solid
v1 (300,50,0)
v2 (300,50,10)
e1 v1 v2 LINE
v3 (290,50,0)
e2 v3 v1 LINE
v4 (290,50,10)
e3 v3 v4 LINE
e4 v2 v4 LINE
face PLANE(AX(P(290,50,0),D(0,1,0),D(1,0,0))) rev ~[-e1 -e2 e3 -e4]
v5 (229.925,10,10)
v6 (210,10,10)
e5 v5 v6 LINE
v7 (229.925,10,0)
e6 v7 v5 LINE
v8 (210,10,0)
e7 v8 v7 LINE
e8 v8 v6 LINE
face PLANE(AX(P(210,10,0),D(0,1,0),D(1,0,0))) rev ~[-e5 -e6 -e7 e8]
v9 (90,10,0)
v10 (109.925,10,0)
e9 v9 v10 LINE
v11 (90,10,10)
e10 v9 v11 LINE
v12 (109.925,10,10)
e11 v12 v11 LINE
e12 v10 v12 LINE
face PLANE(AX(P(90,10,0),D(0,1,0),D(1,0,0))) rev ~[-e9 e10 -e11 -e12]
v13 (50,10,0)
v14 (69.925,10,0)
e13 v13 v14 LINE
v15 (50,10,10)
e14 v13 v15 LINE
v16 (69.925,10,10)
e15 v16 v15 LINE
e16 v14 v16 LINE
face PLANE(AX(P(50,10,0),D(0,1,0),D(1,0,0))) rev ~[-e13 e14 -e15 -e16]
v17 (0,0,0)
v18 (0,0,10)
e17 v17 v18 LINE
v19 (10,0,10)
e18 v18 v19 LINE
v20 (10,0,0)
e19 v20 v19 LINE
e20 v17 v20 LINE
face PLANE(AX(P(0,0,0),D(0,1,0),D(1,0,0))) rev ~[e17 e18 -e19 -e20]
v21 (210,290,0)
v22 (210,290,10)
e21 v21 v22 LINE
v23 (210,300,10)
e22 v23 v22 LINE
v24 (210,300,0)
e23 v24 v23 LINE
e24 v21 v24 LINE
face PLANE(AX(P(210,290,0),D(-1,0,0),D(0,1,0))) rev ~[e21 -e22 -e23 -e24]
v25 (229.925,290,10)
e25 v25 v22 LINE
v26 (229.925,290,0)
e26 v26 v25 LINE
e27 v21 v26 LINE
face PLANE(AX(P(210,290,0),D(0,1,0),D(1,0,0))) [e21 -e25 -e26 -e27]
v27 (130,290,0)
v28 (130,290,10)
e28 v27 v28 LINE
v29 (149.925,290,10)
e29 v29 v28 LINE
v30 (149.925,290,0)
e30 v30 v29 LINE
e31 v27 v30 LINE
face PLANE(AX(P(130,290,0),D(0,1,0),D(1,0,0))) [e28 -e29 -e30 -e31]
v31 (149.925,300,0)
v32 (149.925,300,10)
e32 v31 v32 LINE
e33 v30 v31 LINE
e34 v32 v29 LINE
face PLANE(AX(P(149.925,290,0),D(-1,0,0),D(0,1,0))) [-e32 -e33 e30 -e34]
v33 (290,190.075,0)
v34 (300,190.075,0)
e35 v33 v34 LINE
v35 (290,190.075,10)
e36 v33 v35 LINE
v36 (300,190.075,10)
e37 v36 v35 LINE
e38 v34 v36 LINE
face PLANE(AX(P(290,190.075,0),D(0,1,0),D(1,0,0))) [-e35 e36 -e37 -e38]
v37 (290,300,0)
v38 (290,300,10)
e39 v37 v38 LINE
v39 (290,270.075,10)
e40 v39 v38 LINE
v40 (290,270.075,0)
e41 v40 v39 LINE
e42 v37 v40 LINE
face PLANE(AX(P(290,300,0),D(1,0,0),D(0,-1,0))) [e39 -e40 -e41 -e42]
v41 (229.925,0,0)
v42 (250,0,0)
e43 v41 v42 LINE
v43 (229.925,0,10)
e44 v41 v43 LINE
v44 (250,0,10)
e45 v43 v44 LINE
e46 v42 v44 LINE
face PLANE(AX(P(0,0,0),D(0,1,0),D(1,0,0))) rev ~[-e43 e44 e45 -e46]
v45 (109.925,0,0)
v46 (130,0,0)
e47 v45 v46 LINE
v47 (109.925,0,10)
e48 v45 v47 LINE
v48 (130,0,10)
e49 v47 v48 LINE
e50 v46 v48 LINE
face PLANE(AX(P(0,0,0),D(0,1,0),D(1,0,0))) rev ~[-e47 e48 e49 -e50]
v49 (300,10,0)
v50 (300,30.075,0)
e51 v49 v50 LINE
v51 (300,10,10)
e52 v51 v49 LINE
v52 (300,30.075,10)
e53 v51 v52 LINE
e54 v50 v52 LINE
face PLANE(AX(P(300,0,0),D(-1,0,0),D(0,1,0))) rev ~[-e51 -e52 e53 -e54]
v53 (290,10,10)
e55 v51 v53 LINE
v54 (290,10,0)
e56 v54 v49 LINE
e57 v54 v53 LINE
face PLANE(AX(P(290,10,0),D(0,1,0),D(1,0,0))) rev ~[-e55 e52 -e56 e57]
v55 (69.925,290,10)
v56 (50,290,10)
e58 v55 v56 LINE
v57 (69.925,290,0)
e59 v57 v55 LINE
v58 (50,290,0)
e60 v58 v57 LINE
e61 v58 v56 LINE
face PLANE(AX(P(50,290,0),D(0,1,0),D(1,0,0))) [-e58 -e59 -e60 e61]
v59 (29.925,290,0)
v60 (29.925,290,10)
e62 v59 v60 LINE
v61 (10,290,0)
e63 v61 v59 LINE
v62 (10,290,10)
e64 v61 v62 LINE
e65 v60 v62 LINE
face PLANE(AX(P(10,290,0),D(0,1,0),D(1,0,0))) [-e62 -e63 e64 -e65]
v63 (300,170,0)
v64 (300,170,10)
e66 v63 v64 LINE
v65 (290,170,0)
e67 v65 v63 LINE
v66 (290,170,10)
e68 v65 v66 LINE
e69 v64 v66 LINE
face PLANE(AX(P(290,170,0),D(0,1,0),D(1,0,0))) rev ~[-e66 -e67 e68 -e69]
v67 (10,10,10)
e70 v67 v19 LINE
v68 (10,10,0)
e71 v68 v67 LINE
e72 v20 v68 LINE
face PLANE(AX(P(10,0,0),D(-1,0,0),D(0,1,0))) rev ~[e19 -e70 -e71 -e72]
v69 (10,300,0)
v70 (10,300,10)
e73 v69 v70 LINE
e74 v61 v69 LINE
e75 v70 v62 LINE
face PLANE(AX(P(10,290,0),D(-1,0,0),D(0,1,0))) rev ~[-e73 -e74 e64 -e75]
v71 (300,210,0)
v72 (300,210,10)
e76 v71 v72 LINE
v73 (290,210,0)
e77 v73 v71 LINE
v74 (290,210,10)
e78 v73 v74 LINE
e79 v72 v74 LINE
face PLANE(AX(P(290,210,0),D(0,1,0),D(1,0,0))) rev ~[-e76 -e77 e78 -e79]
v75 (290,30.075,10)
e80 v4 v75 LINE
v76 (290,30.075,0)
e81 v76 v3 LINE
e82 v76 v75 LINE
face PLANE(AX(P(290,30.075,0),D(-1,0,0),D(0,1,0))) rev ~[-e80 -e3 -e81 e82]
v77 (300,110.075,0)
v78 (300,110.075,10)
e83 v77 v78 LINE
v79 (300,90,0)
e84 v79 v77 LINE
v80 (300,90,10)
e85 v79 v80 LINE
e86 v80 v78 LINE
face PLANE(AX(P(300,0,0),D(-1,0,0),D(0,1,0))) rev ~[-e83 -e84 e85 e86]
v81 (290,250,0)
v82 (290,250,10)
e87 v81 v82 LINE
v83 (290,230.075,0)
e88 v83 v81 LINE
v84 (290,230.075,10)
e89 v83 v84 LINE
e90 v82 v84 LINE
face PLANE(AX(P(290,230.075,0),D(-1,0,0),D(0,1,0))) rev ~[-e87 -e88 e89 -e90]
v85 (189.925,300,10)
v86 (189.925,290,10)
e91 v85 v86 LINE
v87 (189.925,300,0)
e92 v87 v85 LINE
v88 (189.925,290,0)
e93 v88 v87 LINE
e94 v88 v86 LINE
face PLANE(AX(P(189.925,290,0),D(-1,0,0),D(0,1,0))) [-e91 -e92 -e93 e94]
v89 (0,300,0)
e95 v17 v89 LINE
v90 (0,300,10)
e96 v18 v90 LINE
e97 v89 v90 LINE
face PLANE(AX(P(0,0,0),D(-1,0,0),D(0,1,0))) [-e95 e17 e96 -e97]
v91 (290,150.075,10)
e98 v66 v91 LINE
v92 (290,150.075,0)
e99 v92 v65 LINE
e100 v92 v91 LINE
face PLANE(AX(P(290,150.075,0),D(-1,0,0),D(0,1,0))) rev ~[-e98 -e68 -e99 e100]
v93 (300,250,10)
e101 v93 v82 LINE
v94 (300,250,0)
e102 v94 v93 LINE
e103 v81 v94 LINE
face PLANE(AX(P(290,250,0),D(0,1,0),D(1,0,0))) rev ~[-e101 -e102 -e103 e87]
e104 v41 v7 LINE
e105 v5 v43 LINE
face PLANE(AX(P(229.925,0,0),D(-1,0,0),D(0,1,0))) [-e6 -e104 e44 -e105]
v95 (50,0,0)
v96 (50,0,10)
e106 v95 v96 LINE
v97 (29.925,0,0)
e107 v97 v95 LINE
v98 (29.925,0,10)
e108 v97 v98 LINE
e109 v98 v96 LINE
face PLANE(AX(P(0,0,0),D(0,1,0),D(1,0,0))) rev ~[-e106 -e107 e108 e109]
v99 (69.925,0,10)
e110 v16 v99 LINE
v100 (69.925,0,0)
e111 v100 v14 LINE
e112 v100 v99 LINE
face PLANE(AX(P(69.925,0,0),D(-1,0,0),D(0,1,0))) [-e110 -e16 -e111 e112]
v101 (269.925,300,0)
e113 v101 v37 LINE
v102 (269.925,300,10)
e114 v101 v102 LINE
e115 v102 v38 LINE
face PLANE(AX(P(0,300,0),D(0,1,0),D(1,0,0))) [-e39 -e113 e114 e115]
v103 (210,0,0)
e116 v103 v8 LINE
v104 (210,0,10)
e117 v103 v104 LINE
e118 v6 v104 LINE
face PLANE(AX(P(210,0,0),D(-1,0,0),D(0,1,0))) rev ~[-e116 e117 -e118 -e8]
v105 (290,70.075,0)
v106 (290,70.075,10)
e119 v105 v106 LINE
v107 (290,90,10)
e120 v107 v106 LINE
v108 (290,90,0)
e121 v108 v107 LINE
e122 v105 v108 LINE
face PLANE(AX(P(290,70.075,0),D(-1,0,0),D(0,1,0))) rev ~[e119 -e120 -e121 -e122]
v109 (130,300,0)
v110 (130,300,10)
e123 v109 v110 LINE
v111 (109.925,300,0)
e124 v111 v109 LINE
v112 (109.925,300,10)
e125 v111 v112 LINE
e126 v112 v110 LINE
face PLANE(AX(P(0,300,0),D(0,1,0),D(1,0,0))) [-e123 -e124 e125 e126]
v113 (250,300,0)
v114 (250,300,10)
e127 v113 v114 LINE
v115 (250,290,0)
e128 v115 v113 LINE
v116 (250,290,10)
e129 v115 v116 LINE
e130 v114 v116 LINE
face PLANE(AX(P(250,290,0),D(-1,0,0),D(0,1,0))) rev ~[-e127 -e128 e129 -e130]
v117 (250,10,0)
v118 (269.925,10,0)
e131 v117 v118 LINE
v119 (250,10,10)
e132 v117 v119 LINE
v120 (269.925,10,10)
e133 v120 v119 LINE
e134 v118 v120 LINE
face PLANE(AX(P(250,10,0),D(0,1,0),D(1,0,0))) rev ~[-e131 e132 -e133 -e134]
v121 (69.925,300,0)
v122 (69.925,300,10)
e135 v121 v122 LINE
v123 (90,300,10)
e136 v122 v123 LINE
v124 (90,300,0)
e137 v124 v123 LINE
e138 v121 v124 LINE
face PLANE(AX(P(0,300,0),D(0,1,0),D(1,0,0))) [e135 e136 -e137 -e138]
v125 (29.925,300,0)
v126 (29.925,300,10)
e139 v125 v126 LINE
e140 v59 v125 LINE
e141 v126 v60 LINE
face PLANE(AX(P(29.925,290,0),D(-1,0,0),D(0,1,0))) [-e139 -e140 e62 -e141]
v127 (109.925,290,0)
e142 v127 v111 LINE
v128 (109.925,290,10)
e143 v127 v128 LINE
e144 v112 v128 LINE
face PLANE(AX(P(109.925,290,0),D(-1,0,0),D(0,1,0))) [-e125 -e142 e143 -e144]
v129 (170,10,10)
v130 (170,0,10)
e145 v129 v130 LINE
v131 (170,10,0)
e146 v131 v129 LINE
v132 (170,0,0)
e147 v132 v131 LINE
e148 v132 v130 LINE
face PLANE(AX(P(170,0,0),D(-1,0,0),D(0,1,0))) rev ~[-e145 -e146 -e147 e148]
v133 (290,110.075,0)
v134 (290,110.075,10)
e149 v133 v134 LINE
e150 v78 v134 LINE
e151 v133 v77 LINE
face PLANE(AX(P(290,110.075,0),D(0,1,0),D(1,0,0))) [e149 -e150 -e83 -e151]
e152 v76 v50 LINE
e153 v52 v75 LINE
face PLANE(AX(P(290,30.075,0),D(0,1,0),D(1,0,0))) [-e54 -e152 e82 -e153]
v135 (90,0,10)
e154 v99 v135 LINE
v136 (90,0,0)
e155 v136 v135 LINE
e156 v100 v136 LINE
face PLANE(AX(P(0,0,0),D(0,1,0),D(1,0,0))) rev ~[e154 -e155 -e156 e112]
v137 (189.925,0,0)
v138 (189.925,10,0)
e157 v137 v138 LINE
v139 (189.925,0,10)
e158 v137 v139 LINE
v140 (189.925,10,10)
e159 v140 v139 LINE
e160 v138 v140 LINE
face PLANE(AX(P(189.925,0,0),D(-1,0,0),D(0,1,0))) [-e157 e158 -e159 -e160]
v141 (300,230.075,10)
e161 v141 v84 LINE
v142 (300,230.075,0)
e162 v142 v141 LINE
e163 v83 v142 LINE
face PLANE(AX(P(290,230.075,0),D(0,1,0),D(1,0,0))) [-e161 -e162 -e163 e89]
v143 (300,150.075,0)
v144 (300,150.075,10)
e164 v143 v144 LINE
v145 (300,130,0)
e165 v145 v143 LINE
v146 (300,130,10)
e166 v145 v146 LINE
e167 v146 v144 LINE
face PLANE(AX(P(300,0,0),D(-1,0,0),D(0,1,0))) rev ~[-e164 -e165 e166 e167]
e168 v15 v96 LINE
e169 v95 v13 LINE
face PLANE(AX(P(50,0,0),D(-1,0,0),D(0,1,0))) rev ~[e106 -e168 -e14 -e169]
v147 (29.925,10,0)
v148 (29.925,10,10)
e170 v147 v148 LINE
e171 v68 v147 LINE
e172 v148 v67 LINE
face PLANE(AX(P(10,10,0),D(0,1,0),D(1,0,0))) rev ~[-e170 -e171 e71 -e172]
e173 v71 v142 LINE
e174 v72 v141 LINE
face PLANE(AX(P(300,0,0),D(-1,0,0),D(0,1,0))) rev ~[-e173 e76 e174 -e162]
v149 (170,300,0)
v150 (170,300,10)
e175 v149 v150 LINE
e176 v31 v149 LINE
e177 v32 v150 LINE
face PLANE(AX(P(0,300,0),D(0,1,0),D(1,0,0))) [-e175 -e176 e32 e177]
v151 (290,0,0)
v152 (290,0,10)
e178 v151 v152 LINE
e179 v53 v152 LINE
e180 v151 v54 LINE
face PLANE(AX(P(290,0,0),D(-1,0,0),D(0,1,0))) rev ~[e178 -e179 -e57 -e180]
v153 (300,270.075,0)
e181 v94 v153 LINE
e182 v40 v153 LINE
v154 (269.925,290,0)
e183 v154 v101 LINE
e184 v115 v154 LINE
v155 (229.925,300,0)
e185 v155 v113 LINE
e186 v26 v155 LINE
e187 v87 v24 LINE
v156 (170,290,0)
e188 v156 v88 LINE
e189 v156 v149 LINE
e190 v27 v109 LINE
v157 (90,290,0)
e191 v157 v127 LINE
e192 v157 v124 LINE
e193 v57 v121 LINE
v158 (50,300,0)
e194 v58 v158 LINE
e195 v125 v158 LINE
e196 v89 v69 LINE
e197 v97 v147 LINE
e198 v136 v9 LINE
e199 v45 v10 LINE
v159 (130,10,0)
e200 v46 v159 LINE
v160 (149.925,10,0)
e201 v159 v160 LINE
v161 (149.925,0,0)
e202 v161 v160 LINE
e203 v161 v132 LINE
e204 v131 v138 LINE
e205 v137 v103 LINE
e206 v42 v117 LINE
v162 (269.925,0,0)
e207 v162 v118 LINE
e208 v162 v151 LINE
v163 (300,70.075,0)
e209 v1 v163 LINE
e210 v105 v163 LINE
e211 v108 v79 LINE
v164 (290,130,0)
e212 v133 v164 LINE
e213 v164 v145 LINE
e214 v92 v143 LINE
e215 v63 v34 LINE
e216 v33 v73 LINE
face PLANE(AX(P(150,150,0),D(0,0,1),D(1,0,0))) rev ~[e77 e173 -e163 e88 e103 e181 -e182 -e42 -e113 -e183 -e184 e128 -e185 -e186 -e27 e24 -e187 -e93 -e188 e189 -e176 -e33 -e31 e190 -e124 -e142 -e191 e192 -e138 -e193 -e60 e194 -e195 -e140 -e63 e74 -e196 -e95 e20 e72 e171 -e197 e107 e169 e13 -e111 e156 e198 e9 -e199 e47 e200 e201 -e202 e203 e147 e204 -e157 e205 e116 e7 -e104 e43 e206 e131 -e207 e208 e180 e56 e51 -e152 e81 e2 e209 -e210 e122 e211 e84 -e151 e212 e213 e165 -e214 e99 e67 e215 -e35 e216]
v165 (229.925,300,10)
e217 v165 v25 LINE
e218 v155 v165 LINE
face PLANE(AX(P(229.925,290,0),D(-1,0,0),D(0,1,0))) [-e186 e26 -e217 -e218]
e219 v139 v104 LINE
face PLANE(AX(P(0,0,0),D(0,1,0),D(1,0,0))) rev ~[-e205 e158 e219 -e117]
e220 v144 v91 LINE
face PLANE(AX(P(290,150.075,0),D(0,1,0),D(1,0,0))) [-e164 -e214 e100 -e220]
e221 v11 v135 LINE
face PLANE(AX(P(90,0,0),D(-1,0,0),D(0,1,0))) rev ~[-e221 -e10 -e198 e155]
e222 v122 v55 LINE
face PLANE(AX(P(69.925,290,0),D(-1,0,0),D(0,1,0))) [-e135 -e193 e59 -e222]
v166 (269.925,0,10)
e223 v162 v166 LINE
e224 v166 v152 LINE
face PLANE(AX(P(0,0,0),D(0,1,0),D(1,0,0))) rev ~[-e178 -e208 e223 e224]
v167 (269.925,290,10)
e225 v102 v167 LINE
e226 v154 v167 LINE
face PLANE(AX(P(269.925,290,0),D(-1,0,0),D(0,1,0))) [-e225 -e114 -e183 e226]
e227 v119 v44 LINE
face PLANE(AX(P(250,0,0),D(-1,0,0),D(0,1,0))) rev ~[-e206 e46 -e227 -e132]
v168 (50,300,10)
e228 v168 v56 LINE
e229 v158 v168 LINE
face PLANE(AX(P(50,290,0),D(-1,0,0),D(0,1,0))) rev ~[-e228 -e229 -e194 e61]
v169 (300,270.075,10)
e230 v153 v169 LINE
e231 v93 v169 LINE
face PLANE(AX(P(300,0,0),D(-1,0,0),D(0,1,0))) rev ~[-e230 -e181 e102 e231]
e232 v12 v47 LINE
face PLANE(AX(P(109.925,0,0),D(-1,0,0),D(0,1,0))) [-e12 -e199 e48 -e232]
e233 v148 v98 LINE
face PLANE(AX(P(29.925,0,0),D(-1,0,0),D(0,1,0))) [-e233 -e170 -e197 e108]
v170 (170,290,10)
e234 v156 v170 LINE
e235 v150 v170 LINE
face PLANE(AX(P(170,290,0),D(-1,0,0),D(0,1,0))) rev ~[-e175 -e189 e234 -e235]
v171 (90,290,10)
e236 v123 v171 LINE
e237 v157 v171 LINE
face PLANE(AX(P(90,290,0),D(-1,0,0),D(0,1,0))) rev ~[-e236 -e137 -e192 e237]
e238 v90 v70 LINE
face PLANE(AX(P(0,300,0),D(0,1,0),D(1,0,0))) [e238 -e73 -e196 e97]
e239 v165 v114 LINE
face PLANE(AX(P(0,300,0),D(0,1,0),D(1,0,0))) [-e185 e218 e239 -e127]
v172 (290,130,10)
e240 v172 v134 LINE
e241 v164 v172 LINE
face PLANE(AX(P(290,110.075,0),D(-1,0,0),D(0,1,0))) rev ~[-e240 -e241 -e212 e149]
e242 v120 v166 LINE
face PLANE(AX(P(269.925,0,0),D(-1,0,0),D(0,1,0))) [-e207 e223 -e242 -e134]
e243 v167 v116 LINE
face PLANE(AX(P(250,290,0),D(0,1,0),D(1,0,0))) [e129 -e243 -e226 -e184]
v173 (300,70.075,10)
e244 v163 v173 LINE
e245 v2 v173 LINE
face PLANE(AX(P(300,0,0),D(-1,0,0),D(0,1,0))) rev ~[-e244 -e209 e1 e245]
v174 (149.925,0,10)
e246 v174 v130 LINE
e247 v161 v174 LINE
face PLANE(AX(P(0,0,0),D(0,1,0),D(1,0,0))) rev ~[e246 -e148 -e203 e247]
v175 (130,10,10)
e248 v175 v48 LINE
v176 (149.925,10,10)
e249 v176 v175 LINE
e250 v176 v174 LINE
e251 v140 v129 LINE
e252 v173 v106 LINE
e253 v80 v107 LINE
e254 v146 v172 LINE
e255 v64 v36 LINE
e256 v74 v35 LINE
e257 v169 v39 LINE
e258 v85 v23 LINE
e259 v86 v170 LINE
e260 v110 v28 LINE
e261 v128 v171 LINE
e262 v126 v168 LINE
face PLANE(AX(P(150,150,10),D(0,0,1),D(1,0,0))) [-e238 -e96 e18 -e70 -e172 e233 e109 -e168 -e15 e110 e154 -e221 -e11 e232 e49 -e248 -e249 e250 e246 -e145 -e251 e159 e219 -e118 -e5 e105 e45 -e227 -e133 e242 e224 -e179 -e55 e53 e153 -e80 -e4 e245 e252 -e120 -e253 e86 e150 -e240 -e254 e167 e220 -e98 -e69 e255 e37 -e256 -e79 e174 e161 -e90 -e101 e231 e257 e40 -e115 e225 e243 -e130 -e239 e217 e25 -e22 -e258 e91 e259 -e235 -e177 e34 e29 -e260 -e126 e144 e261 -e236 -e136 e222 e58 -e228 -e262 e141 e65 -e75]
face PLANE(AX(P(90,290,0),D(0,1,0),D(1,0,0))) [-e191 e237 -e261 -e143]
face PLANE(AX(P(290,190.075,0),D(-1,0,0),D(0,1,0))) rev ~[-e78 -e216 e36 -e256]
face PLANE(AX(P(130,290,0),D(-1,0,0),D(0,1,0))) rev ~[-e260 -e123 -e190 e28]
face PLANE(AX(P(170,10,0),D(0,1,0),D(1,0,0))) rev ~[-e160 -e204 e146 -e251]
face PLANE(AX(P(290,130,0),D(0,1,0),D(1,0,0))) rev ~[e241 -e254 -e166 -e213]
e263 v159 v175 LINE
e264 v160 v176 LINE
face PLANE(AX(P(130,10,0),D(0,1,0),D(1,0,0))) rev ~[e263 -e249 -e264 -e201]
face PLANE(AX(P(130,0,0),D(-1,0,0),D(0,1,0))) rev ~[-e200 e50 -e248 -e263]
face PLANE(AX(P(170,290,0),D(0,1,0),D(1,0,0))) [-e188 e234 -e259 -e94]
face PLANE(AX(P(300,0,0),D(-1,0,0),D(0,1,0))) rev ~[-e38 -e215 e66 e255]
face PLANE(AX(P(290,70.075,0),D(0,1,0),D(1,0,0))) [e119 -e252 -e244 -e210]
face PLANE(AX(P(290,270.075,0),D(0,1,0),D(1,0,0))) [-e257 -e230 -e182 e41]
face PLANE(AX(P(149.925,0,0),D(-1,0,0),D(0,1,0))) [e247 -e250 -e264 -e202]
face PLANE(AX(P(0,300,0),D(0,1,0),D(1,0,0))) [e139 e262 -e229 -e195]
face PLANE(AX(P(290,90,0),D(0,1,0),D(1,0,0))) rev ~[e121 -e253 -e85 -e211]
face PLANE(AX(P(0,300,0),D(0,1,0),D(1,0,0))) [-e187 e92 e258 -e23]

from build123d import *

# Parameters (mm, degrees)
F0_W     = 300
F0_H     = 300
F1_DEPTH = 10
F2_W     = 19.925
F2_H     = 10
F2_W_2   = 10
F2_H_2   = 19.925
F3_DEPTH = 10.001


with BuildPart() as f1:
    # F0 (on Top) → F1 (new body)
    with BuildSketch(Plane.XY):
        with Locations((150, 150)):
            Rectangle(F0_W, F0_H)
    extrude(amount=F1_DEPTH)

    # F2 (on face) → F3 (cut, through all)
    with BuildSketch(Plane.XY):
        with Locations((19.9625, 5)):
            Rectangle(F2_W, F2_H)
        with Locations((59.9625, 5)):
            Rectangle(F2_W, F2_H)
        with Locations((99.9625, 5)):
            Rectangle(F2_W, F2_H)
        with Locations((139.9625, 5)):
            Rectangle(F2_W, F2_H)
        with Locations((179.9625, 5)):
            Rectangle(F2_W, F2_H)
        with Locations((219.9625, 5)):
            Rectangle(F2_W, F2_H)
        with Locations((259.9625, 5)):
            Rectangle(F2_W, F2_H)
        with Locations((299.9625, 5)):
            Rectangle(F2_W, F2_H)
        with Locations((295, 40.0375)):
            Rectangle(F2_W_2, F2_H_2)
        with Locations((295, 80.0375)):
            Rectangle(F2_W_2, F2_H_2)
        with Locations((295, 120.0375)):
            Rectangle(F2_W_2, F2_H_2)
        with Locations((295, 160.0375)):
            Rectangle(F2_W_2, F2_H_2)
        with Locations((295, 200.0375)):
            Rectangle(F2_W_2, F2_H_2)
        with Locations((295, 240.0375)):
            Rectangle(F2_W_2, F2_H_2)
        with Locations((295, 280.0375)):
            Rectangle(F2_W_2, F2_H_2)
        with Locations((295, 295)):
            Rectangle(F2_W_2, F2_H)
        with Locations((259.9625, 295)):
            Rectangle(F2_W, F2_H)
        with Locations((219.9625, 295)):
            Rectangle(F2_W, F2_H)
        with Locations((179.9625, 295)):
            Rectangle(F2_W, F2_H)
        with Locations((139.9625, 295)):
            Rectangle(F2_W, F2_H)
        with Locations((99.9625, 295)):
            Rectangle(F2_W, F2_H)
        with Locations((59.9625, 295)):
            Rectangle(F2_W, F2_H)
        with Locations((19.9625, 295)):
            Rectangle(F2_W, F2_H)
    extrude(amount=F3_DEPTH, mode=Mode.SUBTRACT)


solid = f1.part
